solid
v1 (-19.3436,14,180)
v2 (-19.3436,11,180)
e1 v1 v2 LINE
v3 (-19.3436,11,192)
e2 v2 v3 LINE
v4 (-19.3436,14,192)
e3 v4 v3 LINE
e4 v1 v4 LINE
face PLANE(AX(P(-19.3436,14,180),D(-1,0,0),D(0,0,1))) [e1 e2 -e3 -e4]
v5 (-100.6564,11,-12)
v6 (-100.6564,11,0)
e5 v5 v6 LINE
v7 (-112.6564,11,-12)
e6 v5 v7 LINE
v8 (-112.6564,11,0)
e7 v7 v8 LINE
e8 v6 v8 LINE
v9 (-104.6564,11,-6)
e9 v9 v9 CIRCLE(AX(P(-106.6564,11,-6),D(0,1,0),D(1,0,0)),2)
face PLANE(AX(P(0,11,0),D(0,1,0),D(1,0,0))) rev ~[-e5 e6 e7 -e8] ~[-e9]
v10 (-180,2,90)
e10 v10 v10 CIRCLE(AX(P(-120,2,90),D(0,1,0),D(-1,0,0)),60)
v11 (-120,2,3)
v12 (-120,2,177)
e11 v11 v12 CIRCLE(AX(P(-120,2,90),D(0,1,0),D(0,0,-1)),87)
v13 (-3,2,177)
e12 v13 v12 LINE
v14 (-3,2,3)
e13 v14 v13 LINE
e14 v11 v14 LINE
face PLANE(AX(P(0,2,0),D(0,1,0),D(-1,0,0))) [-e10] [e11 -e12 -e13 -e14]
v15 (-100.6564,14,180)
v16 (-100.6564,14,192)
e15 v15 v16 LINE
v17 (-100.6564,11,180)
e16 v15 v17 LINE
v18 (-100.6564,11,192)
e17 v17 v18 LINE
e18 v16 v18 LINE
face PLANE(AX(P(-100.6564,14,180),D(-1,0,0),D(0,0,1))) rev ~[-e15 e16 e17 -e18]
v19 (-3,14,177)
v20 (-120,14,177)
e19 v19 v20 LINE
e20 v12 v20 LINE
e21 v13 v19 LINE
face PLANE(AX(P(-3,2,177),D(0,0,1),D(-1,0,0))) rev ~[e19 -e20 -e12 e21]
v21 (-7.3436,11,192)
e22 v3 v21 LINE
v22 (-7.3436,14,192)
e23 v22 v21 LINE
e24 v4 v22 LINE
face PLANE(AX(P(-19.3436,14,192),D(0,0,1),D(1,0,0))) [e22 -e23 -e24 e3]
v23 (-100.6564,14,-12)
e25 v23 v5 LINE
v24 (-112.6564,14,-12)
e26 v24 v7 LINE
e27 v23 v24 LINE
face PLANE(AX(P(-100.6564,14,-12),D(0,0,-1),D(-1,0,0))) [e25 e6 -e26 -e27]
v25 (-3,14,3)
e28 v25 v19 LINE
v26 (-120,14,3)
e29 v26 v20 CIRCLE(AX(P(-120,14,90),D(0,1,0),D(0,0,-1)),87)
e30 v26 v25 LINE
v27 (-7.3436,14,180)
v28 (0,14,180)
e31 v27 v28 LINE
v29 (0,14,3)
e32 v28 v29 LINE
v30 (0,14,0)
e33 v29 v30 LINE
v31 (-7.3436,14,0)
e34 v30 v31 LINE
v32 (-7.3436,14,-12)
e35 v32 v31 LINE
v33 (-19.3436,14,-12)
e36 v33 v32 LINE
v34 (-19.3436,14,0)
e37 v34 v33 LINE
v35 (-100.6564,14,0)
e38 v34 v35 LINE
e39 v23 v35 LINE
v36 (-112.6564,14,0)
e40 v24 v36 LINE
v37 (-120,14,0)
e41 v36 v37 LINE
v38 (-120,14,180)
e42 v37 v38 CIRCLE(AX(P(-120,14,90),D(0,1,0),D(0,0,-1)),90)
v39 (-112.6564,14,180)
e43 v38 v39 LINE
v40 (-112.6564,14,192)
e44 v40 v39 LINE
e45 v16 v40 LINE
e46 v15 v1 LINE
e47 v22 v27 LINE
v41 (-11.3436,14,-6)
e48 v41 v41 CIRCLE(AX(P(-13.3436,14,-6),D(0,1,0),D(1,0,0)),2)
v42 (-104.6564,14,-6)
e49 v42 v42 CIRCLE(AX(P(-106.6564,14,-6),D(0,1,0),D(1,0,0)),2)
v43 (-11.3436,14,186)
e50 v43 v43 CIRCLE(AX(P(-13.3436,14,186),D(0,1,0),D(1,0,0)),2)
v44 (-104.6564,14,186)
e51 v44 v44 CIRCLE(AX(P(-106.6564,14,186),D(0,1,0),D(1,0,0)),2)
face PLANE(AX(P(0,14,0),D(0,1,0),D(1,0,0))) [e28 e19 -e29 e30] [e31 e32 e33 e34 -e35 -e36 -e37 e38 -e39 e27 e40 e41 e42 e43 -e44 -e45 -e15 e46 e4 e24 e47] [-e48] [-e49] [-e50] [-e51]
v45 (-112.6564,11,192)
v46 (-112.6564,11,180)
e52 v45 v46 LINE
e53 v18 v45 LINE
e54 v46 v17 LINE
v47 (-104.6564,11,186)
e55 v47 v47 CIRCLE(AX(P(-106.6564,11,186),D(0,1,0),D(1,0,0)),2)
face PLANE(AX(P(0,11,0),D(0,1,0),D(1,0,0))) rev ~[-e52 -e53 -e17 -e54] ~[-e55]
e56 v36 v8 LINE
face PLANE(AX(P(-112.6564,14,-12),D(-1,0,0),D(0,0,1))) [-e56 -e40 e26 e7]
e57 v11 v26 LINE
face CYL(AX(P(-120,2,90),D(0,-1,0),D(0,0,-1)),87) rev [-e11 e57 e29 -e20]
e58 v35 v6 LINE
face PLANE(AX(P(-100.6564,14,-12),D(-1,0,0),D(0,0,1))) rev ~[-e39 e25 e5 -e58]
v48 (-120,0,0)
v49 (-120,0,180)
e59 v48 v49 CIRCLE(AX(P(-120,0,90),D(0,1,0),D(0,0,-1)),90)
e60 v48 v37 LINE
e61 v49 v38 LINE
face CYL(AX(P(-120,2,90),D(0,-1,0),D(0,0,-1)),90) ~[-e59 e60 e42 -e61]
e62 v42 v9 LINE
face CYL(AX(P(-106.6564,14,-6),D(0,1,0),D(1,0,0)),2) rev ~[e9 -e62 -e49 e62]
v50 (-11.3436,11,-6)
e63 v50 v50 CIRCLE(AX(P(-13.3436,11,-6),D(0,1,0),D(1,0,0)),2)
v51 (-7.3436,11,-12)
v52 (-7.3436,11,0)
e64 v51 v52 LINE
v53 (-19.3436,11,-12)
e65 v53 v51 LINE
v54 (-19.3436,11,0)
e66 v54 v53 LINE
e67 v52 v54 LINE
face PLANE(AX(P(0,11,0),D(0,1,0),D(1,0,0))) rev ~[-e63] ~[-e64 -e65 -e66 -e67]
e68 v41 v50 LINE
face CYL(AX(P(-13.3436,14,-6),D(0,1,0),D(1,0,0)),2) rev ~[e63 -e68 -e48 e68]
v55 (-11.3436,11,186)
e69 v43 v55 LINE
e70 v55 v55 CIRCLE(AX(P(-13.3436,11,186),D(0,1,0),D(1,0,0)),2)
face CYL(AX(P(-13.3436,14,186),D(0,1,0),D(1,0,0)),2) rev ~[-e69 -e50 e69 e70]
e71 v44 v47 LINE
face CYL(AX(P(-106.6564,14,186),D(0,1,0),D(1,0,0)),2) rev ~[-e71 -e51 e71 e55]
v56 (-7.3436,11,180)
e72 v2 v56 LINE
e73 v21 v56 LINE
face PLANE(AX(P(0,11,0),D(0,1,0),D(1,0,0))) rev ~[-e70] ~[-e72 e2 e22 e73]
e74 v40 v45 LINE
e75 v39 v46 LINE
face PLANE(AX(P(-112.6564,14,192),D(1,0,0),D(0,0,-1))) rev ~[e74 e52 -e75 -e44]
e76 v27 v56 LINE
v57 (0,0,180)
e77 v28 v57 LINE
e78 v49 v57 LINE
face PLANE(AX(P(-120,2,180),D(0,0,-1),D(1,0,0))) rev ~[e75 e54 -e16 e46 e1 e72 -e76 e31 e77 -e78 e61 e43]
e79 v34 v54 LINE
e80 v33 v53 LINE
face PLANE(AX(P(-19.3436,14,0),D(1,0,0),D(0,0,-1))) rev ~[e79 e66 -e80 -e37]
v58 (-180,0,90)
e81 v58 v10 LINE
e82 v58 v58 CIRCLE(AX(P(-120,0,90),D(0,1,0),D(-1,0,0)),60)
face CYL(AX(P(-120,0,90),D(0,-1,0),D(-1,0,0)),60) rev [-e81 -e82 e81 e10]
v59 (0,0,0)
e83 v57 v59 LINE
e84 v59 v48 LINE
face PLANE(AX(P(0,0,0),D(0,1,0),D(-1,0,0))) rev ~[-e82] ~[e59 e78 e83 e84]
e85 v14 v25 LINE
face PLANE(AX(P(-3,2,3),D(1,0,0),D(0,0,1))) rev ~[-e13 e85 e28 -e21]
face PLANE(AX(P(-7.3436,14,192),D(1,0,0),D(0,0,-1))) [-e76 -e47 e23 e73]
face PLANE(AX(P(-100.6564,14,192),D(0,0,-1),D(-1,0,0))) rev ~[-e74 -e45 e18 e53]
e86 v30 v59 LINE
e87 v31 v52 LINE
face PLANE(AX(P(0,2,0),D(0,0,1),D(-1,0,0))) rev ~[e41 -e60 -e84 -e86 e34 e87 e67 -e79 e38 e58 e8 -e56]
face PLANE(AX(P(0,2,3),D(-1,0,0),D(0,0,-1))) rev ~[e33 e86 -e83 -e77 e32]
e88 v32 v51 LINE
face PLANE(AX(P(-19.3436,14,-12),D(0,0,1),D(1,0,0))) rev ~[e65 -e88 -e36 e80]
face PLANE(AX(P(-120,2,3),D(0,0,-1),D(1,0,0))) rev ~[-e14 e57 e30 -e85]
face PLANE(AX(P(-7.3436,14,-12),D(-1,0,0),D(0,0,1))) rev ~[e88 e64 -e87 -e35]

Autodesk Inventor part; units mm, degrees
ref_plane "YZ Plane" through (0, 0, 0) normal (1, 0, 0) x (0, 1, 0)
ref_plane "XZ Plane" through (0, 0, 0) normal (0, 1, 0) x (-1, 0, 0)
ref_plane "XY Plane" through (0, 0, 0) normal (0, 0, 1) x (1, 0, 0)
sketch "Esquisse1" plane through (0, 0, 0) normal (0, 1, 0) x (-1, 0, 0)
  line L0 (0, 0) -> (120, 0)
  line L1 (120, 180) -> (0, 180)
  line L2 (0, 180) -> (0, 0)
  arc A0 (120, 0) -> (120, 180) centre (120, 90) ccw
  circle A1 centre (120, 90) radius 60
  line L3 (120, 177) -> (3, 177)
  line L4 (3, 177) -> (3, 3)
  line L5 (3, 3) -> (120, 3)
  arc A2 (120, 3) -> (120, 177) centre (120, 90) ccw
  dimension "d2" = 120
  dimension "d3" = 120
  dimension "d4" = 180
  dimension "d5" = 3
extrude "Extrusion1" add sketch "Esquisse1" along normal blind 2 contours L2 L1 A0 L0 | A2 L5 L4 L3
sketch "Esquisse2" plane through (0, 2, 0) normal (0, 1, 0) x (1, 0, 0)
  arc A0 (-120, 0) -> (-120, -180) centre (-120, -90) ccw projected
  arc A1 (-120, 0) -> (-120, -180) centre (-120, -90) ccw
  line L0 (-120, -180) -> (0, -180) projected
  line L1 (-120, -180) -> (0, -180)
  line L2 (0, -180) -> (0, 0)
  line L3 (0, 0) -> (-120, 0) projected
  line L4 (0, 0) -> (-120, 0)
  arc A2 (-120, -3) -> (-120, -177) centre (-120, -90) ccw
  line L5 (-120, -3) -> (0, -3)
  line L6 (-3, -3) -> (-3, -177)
  line L7 (-3, -177) -> (-120, -177)
  arc A3 (-120, -3) -> (-120, -177) centre (-120, -90) ccw
  line L8 (-120, -3) -> (-3, -3)
  dimension "d8" = 3
  dimension "d9" = 90
  dimension "d10" = 3
extrude "Extrusion2" add sketch "Esquisse2" along normal blind 12
sketch "Esquisse3" plane through (0, 14, 0) normal (0, 1, 0) x (1, 0, 0)
  line L0 (-120, -180) -> (0, -180) projected
  line L1 (-7.3436, -180) -> (-19.3436, -180)
  line L2 (-19.3436, -180) -> (-19.3436, -192)
  line L3 (-19.3436, -192) -> (-7.3436, -192)
  line L4 (-7.3436, -192) -> (-7.3436, -180)
  circle A0 centre (-13.3436, -186) radius 2
  circle A1 centre (-120, -90) radius 60 projected
  line L5 (-120, -90) -> (-228.3107, -90)
  line L6 (-19.3436, 0) -> (-19.3436, 12)
  line L7 (-19.3436, 12) -> (-7.3436, 12)
  line L8 (-7.3436, 12) -> (-7.3436, 0)
  circle A2 centre (-13.3436, 6) radius 2
  line L9 (-60, -180) -> (-60, 26.6941)
  line L10 (-112.6564, -180) -> (-100.6564, -180)
  line L11 (-100.6564, -180) -> (-100.6564, -192)
  line L12 (-100.6564, -192) -> (-112.6564, -192)
  line L13 (-112.6564, -192) -> (-112.6564, -180)
  circle A3 centre (-106.6564, -186) radius 2
  line L14 (-100.6564, 12) -> (-112.6564, 12)
  line L15 (-112.6564, 12) -> (-112.6564, 0)
  circle A4 centre (-106.6564, 6) radius 2
  line L16 (-100.6564, 12) -> (-100.6564, 0)
  line L17 (0, 0) -> (-120, 0) projected
  line L18 (-7.3436, 0) -> (-19.3436, 0)
  dimension "d13" = 12
  dimension "d14" = 12
  dimension "d15" = 4
extrude "Extrusion3" add sketch "Esquisse3" against normal blind 3 contours L17 L15 L14 L16 | L6 L7 L8 L17 | L0 L4 L3 L2 | L0 L11 L12 L13
properties part number "Socle"
